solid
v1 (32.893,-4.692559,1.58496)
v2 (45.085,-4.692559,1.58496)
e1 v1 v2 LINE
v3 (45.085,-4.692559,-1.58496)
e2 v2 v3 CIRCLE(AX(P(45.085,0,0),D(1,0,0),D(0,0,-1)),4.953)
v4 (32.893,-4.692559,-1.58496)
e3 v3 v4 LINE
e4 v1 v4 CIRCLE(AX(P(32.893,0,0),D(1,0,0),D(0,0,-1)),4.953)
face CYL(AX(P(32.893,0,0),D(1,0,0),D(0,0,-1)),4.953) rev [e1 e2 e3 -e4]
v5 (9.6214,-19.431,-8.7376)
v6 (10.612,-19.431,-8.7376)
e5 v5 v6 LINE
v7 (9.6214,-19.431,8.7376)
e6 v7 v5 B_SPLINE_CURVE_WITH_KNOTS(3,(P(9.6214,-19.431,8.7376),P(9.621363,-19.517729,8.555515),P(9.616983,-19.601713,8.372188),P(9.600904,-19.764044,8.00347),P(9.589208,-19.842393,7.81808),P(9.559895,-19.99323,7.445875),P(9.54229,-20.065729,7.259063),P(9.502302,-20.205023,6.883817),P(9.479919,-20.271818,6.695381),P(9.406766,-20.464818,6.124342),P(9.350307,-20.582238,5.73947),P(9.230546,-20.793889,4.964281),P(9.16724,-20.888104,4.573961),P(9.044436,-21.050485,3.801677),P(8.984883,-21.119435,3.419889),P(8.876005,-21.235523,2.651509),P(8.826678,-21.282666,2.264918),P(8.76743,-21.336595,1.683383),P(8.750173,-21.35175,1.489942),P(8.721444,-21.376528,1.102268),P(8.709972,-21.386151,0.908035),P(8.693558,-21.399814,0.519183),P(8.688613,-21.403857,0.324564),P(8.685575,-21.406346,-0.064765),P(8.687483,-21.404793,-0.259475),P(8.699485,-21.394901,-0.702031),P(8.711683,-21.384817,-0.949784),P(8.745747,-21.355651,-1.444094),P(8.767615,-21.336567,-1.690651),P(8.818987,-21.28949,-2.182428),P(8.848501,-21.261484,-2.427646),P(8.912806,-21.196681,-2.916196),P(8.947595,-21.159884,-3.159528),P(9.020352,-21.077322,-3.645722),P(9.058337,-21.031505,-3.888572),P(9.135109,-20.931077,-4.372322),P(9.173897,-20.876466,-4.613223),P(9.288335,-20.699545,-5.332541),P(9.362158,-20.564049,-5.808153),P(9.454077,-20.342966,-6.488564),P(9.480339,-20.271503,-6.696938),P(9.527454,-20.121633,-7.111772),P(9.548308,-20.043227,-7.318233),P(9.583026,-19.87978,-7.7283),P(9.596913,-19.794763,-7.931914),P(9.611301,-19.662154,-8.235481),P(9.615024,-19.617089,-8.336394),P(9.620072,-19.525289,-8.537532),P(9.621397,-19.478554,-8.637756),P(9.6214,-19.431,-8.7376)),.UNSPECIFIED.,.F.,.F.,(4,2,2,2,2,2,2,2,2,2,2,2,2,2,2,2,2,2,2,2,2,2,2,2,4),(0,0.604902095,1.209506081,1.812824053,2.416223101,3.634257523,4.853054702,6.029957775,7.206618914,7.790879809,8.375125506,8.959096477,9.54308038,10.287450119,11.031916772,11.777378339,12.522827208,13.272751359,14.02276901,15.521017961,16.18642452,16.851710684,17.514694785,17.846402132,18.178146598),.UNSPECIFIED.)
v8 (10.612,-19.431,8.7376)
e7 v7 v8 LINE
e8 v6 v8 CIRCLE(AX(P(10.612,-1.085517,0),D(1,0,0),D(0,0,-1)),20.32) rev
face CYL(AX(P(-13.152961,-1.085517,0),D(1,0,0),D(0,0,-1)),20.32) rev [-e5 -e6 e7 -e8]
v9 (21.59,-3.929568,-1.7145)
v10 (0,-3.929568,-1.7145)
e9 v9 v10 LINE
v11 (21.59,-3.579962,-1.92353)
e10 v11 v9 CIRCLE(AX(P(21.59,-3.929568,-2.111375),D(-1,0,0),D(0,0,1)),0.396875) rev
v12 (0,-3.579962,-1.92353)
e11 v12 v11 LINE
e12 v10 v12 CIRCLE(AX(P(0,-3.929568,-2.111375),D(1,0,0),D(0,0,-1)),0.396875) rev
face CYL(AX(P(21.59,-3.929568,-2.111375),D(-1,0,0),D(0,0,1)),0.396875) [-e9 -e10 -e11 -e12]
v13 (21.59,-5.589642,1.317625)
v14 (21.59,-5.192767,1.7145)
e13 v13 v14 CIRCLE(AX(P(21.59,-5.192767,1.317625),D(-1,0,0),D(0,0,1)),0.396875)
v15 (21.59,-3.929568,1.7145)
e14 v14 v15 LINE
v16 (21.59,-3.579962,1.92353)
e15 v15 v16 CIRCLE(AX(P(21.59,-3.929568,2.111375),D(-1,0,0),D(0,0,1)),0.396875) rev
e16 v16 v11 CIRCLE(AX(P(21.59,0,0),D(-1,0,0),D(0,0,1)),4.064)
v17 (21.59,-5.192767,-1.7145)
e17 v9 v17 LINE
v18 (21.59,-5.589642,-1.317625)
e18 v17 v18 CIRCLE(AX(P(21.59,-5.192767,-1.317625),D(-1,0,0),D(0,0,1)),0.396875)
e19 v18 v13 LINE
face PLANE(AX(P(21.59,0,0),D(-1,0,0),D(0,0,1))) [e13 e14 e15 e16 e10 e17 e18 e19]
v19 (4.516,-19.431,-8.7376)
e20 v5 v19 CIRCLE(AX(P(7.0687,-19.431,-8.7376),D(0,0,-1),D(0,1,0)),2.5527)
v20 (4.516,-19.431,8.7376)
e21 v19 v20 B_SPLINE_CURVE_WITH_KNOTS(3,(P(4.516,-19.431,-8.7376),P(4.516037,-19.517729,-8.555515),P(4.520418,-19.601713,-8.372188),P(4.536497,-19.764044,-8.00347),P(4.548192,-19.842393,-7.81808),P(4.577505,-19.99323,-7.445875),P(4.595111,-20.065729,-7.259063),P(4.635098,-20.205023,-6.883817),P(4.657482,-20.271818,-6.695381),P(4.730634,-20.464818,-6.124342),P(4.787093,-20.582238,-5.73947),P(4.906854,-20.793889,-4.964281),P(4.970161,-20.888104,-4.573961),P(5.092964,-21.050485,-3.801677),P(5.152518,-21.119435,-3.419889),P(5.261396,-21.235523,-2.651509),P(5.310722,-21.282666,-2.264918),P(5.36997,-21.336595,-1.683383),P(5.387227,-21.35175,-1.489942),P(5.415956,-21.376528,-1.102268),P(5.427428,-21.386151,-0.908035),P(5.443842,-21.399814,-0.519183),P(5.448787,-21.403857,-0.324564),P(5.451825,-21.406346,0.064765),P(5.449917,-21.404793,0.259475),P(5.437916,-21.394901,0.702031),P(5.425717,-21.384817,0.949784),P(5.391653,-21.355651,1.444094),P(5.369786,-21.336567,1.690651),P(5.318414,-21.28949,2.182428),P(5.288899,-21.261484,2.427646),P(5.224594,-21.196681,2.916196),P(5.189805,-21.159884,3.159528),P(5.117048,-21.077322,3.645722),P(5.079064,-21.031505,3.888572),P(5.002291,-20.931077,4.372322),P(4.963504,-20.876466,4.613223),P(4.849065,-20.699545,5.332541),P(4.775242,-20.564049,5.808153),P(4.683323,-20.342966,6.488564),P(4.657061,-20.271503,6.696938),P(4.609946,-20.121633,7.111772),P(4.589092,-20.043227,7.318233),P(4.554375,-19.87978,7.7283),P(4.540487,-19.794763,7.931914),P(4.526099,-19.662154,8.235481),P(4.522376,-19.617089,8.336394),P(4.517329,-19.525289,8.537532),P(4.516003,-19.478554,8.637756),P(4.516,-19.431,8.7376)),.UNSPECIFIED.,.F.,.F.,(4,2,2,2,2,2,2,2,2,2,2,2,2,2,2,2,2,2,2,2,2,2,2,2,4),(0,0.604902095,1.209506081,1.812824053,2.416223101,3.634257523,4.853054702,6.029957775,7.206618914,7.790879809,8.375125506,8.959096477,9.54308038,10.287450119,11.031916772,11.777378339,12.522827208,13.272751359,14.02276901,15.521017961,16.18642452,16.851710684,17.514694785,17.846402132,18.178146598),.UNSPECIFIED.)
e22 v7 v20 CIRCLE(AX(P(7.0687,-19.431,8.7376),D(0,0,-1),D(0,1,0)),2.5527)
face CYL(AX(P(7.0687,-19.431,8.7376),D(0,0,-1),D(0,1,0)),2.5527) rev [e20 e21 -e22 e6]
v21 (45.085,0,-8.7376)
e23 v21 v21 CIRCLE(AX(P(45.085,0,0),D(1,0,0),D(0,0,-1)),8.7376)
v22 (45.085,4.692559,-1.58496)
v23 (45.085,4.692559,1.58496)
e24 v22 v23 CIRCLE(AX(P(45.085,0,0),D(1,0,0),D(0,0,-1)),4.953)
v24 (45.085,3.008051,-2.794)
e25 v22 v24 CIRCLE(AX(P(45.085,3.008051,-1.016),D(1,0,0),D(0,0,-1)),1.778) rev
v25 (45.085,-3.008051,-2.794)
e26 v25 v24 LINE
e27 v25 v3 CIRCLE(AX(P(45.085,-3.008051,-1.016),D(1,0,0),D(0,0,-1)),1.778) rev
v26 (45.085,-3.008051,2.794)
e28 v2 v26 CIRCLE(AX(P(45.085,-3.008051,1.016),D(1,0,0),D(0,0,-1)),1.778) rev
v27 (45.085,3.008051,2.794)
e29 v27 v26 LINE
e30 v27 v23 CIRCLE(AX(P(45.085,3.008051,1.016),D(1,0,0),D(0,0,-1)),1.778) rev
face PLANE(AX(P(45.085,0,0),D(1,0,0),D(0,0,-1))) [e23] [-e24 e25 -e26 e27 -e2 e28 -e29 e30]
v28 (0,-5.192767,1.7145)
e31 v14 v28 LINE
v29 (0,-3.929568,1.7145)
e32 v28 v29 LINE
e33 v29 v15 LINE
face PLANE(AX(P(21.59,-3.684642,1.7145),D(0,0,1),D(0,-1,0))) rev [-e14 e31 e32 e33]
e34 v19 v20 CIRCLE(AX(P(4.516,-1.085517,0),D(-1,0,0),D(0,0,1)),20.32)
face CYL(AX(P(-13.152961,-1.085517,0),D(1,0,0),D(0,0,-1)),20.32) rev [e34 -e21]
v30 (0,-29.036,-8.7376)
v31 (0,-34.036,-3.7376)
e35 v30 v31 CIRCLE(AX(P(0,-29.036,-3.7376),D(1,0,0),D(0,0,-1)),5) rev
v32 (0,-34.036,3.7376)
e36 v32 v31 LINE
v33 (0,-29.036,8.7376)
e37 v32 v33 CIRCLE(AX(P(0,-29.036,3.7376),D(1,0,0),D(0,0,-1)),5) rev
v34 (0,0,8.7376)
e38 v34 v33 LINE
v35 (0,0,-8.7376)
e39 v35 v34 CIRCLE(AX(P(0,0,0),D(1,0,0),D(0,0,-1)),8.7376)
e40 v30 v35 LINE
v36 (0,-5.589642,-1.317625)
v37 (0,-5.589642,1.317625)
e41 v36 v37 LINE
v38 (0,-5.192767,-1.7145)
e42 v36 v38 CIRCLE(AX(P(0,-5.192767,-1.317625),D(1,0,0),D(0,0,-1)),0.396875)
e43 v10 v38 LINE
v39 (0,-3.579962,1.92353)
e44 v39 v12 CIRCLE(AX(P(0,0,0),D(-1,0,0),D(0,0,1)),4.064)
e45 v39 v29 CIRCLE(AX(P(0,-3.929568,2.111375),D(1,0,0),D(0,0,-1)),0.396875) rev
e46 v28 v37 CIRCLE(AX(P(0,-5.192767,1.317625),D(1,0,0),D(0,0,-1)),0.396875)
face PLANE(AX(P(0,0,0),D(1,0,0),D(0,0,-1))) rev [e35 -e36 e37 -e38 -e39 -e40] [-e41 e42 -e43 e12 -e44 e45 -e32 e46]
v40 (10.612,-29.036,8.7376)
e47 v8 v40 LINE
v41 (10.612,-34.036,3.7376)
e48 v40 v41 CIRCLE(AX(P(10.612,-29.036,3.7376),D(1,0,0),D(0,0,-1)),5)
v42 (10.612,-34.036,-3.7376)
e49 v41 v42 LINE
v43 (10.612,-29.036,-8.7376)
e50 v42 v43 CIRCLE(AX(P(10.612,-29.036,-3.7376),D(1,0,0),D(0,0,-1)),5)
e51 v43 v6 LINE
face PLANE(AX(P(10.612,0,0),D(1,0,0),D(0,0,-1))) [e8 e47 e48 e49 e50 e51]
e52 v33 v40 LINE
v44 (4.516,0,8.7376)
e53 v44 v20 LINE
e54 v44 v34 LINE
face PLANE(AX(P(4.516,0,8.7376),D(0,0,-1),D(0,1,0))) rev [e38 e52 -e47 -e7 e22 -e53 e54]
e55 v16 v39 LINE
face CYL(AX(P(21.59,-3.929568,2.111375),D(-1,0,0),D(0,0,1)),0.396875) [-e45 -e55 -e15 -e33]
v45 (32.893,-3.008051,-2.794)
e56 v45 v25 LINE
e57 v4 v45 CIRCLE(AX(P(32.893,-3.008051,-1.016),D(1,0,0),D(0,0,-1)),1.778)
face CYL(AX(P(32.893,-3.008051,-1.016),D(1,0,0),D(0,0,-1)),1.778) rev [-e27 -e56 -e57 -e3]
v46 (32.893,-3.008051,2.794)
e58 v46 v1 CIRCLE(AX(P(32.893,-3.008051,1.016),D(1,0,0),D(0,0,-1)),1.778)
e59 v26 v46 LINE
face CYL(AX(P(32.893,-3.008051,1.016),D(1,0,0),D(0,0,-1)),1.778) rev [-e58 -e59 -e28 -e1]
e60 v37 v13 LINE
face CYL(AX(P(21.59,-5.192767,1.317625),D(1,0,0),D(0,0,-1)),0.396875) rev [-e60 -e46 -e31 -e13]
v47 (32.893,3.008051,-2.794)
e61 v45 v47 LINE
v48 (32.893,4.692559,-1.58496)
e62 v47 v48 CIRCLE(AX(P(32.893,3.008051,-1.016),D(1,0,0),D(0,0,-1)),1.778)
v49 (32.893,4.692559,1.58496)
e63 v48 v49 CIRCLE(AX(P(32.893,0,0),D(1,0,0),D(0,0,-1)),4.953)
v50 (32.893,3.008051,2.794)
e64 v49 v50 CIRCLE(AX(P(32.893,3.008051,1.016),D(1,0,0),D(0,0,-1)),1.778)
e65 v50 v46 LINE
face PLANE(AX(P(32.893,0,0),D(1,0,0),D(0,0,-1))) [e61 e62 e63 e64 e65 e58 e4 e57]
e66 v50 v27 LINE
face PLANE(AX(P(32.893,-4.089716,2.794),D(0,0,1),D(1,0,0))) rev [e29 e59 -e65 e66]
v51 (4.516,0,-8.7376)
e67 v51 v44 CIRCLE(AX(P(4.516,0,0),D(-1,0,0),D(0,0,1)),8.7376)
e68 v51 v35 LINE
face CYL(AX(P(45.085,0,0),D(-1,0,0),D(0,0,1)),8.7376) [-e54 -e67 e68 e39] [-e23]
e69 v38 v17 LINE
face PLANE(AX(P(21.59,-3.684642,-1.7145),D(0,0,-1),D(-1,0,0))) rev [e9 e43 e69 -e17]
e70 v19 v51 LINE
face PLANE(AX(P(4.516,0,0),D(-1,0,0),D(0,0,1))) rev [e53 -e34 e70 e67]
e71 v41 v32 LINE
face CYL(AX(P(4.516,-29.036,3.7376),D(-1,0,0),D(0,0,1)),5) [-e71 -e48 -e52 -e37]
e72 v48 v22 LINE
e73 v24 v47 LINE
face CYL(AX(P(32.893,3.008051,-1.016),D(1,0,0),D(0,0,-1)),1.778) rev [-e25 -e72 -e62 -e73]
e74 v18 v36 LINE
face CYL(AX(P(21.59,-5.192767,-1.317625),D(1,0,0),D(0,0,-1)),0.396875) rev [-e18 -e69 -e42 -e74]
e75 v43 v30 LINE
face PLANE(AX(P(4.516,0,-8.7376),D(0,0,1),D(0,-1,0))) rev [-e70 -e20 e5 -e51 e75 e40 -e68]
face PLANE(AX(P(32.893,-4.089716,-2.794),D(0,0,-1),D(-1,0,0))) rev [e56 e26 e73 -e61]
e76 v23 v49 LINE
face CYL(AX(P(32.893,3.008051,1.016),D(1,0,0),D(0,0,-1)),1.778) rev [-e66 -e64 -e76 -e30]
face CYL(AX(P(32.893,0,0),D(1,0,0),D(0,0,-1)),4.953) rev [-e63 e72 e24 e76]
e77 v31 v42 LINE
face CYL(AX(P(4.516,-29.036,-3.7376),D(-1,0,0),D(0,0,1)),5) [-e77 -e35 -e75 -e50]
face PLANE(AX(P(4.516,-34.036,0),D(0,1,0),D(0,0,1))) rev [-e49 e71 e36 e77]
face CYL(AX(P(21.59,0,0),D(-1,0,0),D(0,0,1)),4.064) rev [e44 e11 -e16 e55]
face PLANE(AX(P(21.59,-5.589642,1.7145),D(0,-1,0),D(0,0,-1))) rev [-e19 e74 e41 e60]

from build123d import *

# Parameters (mm, degrees)
SKETCH1_R           = 8.7376
BOSS_EXTRUDE1_DEPTH = 45.085
BOSS_EXTRUDE3_DEPTH = 4.516000112
FILLET2_R           = 5
BOSS_EXTRUDE4_START = 6.096
BOSS_EXTRUDE4_DEPTH = 6.096
CUT_EXTRUDE8_DEPTH  = 6.096
CUT_EXTRUDE10_DEPTH = 12.192
FILLET11_R          = 1.778
SKETCH25_R          = 2.5527
CUT_EXTRUDE14_DEPTH = 60.13111817
CUT_EXTRUDE15_DEPTH = 21.59
FILLET12_R          = 0.396875


with BuildPart() as part:
    # Sketch1 → Boss-Extrude1 (new body)
    with BuildSketch(Plane.YZ):
        with Locations(Location((0, 0, 0), (0, 0, 270))):
            Circle(SKETCH1_R)
    extrude(amount=BOSS_EXTRUDE1_DEPTH)

    # Sketch10 → Boss-Extrude3 (add)
    with BuildSketch(Plane(origin=(0, 0, 0), x_dir=(0, -1, 0), z_dir=(-1, 0, 0))):
        with BuildLine():
            Line((0, 8.7376), (34.036, 8.7376))
            Line((34.036, 8.7376), (34.036, -8.7376))
            Line((34.036, -8.7376), (0, -8.7376))
            ThreePointArc((0, -8.7376), (8.7376, 0), (0, 8.7376))
        make_face()
    extrude(amount=-BOSS_EXTRUDE3_DEPTH)

    # Fillet2
    fillet2_edges = [part.edges().sort_by_distance(p)[0] for p in [
        (2.258000056, -34.036, 8.7376),
        (2.258000056, -34.036, -8.7376),
    ]]
    fillet(fillet2_edges, radius=FILLET2_R)

    # Sketch15 → Boss-Extrude4 (add)
    with BuildSketch(Plane.YZ.offset(4.516000112).offset(BOSS_EXTRUDE4_START)):
        with BuildLine():
            Line((-18.796, 8.7376), (-29.036, 8.7376))
            ThreePointArc((-29.036, 8.7376), (-32.571533906, 7.273133906), (-34.036, 3.7376))
            Line((-34.036, 3.7376), (-34.036, -3.7376))
            ThreePointArc((-34.036, -3.7376), (-32.571533906, -7.273133906), (-29.036, -8.7376))
            Line((-29.036, -8.7376), (-18.796, -8.7376))
            Line((-18.796, -8.7376), (-18.796, 8.7376))
        make_face()
    extrude(amount=-BOSS_EXTRUDE4_DEPTH)

    # Sketch21 → Cut-Extrude8 (cut)
    with BuildSketch(Plane.YZ.offset(10.612000112)):
        with BuildLine():
            Line((-19.431, -8.7376), (-18.796, -8.7376))
            Line((-18.796, -8.7376), (-18.796, 8.7376))
            Line((-18.796, 8.7376), (-19.431, 8.7376))
            ThreePointArc((-19.431, 8.7376), (-21.405517007, 0), (-19.431, -8.7376))
        make_face()
    extrude(amount=-CUT_EXTRUDE8_DEPTH, mode=Mode.SUBTRACT)

    # Sketch22 → Cut-Extrude10 (cut)
    with BuildSketch(Plane.YZ.offset(45.085)):
        with BuildLine():
            Line((-4.089715516, -2.794), (4.089715516, -2.794))
            ThreePointArc((4.089715516, -2.794), (4.953, 0), (4.089715516, 2.794))
            Line((4.089715516, 2.794), (-4.089715516, 2.794))
            ThreePointArc((-4.089715516, 2.794), (-4.953, 0), (-4.089715516, -2.794))
        make_face()
    extrude(amount=-CUT_EXTRUDE10_DEPTH, mode=Mode.SUBTRACT)

    # Fillet11
    fillet11_edges = [part.edges().sort_by_distance(p)[0] for p in [
        (38.989, 4.089715516, 2.794),
        (38.989, 4.089715516, -2.794),
        (38.989, -4.089715516, -2.794),
        (38.989, -4.089715516, 2.794),
    ]]
    fillet(fillet11_edges, radius=FILLET11_R)

    # Sketch25 → Cut-Extrude14 (cut, through all)
    with BuildSketch(Plane(origin=(0, 0, -8.7376), x_dir=(1, 0, 0), z_dir=(0, 0, -1))):
        with Locations((7.068700112, 19.431)):
            Circle(SKETCH25_R)
    extrude(amount=-CUT_EXTRUDE14_DEPTH, mode=Mode.SUBTRACT)

    # Sketch26 → Cut-Extrude15 (cut)
    with BuildSketch(Plane(origin=(0, 0, 0), x_dir=(0, -1, 0), z_dir=(-1, 0, 0))):
        with BuildLine():
            Line((3.684641875, 1.7145), (5.589641875, 1.7145))
            Line((5.589641875, 1.7145), (5.589641875, -1.7145))
            Line((5.589641875, -1.7145), (3.684641875, -1.7145))
            ThreePointArc((3.684641875, -1.7145), (-4.064, 0), (3.684641875, 1.7145))
        make_face()
    extrude(amount=-CUT_EXTRUDE15_DEPTH, mode=Mode.SUBTRACT)

    # Fillet12
    fillet12_edges = [part.edges().sort_by_distance(p)[0] for p in [
        (10.795, -3.684641875, -1.7145),
        (10.795, -3.684641875, 1.7145),
        (10.795, -5.589641875, 1.7145),
        (10.795, -5.589641875, -1.7145),
    ]]
    fillet(fillet12_edges, radius=FILLET12_R)


solid = part.part
